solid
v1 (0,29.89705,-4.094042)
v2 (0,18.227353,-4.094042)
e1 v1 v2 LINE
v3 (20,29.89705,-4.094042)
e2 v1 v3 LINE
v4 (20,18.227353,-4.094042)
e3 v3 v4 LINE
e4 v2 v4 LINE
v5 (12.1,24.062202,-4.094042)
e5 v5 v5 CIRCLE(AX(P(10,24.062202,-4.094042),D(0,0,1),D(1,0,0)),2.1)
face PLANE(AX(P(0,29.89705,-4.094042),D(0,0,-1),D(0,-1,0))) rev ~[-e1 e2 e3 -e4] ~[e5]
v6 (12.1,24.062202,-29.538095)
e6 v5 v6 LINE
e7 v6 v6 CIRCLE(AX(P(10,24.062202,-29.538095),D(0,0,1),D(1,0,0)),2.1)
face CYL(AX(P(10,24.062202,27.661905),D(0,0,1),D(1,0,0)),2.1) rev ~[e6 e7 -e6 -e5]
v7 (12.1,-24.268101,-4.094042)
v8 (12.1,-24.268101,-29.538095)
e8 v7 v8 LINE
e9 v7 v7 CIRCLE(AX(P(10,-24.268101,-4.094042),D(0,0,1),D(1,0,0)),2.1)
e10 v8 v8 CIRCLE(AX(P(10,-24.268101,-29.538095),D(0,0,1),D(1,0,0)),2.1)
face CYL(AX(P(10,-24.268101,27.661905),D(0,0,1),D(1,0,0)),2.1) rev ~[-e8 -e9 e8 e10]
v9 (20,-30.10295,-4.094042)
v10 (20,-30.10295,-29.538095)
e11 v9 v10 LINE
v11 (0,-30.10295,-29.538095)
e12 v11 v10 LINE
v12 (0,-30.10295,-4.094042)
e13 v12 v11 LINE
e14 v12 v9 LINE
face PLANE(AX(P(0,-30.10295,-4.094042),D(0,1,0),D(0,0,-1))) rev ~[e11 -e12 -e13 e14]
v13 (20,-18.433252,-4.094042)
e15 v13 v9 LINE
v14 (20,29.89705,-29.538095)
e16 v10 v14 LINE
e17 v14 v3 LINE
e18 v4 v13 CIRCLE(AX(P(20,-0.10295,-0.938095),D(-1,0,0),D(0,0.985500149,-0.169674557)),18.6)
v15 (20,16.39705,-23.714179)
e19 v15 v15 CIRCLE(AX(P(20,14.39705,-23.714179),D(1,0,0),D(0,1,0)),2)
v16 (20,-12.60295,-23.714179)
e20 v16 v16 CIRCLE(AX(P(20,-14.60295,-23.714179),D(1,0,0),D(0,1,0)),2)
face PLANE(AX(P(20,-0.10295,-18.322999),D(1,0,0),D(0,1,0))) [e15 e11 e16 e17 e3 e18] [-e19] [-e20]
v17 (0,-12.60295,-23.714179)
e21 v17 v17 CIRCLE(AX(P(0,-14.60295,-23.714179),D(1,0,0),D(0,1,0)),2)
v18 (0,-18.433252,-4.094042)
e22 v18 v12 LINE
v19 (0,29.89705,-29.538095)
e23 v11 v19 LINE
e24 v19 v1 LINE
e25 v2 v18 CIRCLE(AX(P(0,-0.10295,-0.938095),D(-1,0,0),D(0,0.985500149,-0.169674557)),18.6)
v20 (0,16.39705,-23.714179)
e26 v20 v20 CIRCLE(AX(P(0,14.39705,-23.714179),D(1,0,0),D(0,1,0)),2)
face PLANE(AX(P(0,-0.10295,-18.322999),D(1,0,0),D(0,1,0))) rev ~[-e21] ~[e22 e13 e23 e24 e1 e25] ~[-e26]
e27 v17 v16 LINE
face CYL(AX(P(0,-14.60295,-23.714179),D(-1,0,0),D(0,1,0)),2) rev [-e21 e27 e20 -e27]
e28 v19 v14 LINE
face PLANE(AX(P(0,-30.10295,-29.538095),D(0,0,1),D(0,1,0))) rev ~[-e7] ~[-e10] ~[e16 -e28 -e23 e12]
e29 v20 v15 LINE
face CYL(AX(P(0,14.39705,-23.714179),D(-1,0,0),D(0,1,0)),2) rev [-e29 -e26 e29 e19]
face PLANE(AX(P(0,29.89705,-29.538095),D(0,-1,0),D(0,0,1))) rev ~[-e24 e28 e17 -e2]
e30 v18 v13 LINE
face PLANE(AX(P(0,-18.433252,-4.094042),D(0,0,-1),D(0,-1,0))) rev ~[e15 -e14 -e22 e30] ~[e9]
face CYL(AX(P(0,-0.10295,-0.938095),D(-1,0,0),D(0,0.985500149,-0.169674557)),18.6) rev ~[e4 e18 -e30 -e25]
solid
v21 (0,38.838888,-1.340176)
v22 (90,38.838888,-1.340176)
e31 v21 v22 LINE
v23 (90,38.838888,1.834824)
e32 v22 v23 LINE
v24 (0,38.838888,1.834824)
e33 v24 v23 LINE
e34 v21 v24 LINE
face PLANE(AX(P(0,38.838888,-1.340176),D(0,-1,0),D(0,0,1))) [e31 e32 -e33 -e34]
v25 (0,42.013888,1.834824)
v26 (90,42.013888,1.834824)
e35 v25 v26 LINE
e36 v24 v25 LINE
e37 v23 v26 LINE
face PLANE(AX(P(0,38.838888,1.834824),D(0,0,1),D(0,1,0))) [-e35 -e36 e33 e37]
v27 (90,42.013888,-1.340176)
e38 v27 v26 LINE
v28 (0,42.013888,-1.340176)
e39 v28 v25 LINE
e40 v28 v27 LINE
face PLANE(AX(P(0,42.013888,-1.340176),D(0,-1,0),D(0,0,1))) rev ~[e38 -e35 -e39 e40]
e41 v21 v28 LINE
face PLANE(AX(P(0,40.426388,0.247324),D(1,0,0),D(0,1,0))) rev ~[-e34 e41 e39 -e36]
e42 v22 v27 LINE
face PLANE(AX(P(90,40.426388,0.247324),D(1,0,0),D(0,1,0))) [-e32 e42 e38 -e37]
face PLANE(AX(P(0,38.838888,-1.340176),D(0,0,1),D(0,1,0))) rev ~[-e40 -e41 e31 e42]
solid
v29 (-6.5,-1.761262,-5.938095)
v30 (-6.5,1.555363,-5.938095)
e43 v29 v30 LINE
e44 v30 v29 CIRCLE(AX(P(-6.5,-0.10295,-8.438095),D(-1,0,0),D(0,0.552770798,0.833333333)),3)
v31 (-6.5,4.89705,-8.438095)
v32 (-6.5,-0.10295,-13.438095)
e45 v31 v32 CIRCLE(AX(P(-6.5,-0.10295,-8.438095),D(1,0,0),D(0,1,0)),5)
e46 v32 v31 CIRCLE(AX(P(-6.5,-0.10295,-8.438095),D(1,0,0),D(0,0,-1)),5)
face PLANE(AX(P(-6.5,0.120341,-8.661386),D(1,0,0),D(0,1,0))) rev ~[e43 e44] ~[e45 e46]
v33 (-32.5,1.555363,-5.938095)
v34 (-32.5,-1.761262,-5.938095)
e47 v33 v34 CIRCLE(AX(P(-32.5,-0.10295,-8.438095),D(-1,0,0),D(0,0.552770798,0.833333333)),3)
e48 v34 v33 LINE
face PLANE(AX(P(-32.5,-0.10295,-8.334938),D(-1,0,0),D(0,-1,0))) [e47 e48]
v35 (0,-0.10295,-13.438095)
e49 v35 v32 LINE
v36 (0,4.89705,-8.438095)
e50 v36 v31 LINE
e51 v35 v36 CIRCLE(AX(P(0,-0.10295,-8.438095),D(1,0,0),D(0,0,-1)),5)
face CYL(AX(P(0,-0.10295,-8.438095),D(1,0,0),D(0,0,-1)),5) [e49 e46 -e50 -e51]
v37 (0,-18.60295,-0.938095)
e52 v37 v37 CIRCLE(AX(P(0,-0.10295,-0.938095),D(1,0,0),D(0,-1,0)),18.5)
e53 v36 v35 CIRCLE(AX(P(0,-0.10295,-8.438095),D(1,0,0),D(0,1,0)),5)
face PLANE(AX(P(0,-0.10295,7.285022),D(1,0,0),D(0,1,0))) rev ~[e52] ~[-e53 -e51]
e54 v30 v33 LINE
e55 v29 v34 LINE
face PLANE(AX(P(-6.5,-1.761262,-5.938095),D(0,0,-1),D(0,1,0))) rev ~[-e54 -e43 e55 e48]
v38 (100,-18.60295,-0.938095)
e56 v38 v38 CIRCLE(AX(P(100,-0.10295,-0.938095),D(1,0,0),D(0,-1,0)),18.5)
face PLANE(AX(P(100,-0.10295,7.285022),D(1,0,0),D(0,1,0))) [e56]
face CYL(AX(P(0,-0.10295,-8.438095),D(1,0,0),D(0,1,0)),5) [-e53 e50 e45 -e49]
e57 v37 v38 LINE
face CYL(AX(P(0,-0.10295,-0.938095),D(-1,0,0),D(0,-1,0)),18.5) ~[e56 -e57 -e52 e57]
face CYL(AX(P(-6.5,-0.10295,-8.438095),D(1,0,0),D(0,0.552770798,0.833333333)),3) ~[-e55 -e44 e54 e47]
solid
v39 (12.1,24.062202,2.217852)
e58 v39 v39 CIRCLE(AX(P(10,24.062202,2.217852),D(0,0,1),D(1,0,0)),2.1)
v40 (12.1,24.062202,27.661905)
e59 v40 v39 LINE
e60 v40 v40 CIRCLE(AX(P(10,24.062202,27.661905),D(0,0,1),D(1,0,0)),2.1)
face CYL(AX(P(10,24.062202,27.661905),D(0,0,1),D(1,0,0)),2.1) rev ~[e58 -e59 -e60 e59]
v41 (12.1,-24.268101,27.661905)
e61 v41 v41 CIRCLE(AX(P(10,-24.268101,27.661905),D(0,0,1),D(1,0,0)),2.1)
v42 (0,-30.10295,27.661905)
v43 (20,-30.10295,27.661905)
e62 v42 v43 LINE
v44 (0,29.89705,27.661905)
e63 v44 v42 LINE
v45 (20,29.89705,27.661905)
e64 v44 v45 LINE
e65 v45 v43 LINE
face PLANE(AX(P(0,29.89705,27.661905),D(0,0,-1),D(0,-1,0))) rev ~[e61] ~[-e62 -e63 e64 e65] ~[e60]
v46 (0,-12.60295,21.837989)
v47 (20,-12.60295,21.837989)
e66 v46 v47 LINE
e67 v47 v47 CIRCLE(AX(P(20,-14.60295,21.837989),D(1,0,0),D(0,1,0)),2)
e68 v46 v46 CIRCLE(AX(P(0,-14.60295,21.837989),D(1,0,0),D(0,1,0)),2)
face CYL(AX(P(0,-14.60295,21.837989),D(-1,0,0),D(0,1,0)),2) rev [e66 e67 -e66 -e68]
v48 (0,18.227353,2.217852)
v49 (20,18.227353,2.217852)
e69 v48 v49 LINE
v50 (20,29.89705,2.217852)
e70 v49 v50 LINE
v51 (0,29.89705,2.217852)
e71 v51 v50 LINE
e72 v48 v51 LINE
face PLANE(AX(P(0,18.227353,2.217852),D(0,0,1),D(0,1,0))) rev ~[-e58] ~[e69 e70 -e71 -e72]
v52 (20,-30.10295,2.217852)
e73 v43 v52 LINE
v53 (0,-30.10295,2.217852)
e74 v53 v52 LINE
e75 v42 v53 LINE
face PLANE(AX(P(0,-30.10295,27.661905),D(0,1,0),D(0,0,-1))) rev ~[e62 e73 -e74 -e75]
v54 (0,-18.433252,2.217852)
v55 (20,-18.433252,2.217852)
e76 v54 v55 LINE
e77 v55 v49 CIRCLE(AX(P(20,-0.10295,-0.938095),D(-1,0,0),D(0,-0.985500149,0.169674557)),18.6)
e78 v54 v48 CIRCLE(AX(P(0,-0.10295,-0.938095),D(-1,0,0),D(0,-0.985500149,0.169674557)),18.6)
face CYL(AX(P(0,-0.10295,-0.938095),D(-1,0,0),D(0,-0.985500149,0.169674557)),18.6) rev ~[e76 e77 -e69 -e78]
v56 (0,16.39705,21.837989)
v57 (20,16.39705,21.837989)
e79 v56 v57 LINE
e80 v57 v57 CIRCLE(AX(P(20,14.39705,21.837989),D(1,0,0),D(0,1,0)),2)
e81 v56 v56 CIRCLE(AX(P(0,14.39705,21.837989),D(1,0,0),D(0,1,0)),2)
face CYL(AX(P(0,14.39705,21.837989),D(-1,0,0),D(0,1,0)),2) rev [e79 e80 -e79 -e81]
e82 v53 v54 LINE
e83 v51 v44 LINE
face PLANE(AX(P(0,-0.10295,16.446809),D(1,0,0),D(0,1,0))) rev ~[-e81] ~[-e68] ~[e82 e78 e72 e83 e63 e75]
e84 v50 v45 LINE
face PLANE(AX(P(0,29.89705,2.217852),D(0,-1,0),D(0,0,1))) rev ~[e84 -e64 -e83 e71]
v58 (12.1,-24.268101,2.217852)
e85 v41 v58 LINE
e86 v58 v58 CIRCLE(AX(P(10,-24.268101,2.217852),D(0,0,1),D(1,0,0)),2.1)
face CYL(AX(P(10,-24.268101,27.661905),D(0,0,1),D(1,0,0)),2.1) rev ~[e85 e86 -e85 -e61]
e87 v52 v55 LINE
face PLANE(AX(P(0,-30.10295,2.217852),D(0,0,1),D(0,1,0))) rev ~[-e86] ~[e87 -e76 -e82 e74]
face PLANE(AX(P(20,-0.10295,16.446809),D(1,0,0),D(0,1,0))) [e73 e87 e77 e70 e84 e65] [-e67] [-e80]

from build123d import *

# Parameters (mm, degrees)
F1_DEPTH  = 20
F2_R      = 2.1
F3_DEPTH  = 57.2
F4_W      = 3.175
F4_H      = 3.175
F5_DEPTH  = 90
F6_DEPTH  = 100
F7_DEPTH  = 6.5
F8_R      = 2
F9_DEPTH  = 20
F11_DEPTH = 26


with BuildPart() as f1:
    # F0 (on Right) → F1 (new body)
    with BuildSketch(Plane.YZ):
        with BuildLine():
            Line((29.8970502992, 27.6619047619), (-30.1029497008, 27.6619047619))
            Line((-30.1029497008, 27.6619047619), (-30.1029497008, 2.2178515295))
            Line((-30.1029497008, 2.2178515295), (-18.4332524806, 2.2178515295))
            ThreePointArc((-18.4332524806, 2.2178515295), (-0.1029497008, 17.6619047619), (18.227353079, 2.2178515295))
            Line((18.227353079, 2.2178515295), (29.8970502992, 2.2178515295))
            Line((29.8970502992, 2.2178515295), (29.8970502992, 27.6619047619))
        make_face()
    extrude(amount=F1_DEPTH)


with BuildPart() as f1b:
    # F0 (on Right) → F1, piece 2 (new body)
    with BuildSketch(Plane.YZ):
        with BuildLine():
            Line((-30.1029497008, -29.5380952381), (29.8970502992, -29.5380952381))
            Line((29.8970502992, -29.5380952381), (29.8970502992, -4.0940420057))
            Line((29.8970502992, -4.0940420057), (18.227353079, -4.0940420057))
            ThreePointArc((18.227353079, -4.0940420057), (-0.1029497008, -19.5380952381), (-18.4332524806, -4.0940420057))
            Line((-18.4332524806, -4.0940420057), (-30.1029497008, -4.0940420057))
            Line((-30.1029497008, -4.0940420057), (-30.1029497008, -29.5380952381))
        make_face()
    extrude(amount=F1_DEPTH)


with BuildPart() as f3_tool:
    # F2 (on face) → F3 (new body, through all)
    with BuildSketch(Plane.XY.offset(27.6619047619)):
        with Locations((10, -24.2681010907)):
            Circle(F2_R)
        with Locations((10, 24.0622016891)):
            Circle(F2_R)
    extrude(amount=-F3_DEPTH)


with BuildPart() as f1_1:
    add(f1.part)

    # F3: cut by f3_tool
    add(f3_tool.part, mode=Mode.SUBTRACT)


with BuildPart() as f1b_1:
    add(f1b.part)

    # F3: cut by f3_tool
    add(f3_tool.part, mode=Mode.SUBTRACT)


with BuildPart() as f5:
    # F4 (on Right) → F5 (new body)
    with BuildSketch(Plane.YZ):
        with Locations((40.4263884993, 0.2473239583)):
            Rectangle(F4_W, F4_H)
    extrude(amount=F5_DEPTH)


with BuildPart() as f6:
    # F0 (on Right) → F6 (new body)
    with BuildSketch(Plane.YZ):
        with BuildLine():
            Line((12.3970502992, -0.9380952381), (18.3970502992, -0.9380952381))
            ThreePointArc((18.3970502992, -0.9380952381), (-0.1029497008, 17.5619047619), (-18.6029497008, -0.9380952381))
            Line((-18.6029497008, -0.9380952381), (-12.6029497008, -0.9380952381))
            ThreePointArc((-12.6029497008, -0.9380952381), (-0.1029497008, 11.5619047619), (12.3970502992, -0.9380952381))
        make_face()
        with BuildLine():
            ThreePointArc((-0.1029497008, -13.4380952381), (8.735885064, -9.7769300029), (12.3970502992, -0.9380952381))
            Line((12.3970502992, -0.9380952381), (-12.6029497008, -0.9380952381))
            ThreePointArc((-12.6029497008, -0.9380952381), (-8.9417844656, -9.7769300029), (-0.1029497008, -13.4380952381))
        make_face()
        with BuildLine():
            ThreePointArc((4.8970502992, -8.4380952381), (3.4325842051, -11.973629144), (-0.1029497008, -13.4380952381))
            ThreePointArc((-0.1029497008, -13.4380952381), (-3.6384836067, -4.9025613322), (4.8970502992, -8.4380952381))
        make_face(mode=Mode.SUBTRACT)
        with BuildLine():
            ThreePointArc((-18.6029497008, -0.9380952381), (-0.1029497008, -19.4380952381), (18.3970502992, -0.9380952381))
            Line((18.3970502992, -0.9380952381), (12.3970502992, -0.9380952381))
            ThreePointArc((12.3970502992, -0.9380952381), (8.735885064, -9.7769300029), (-0.1029497008, -13.4380952381))
            ThreePointArc((-0.1029497008, -13.4380952381), (-8.9417844656, -9.7769300029), (-12.6029497008, -0.9380952381))
            Line((-12.6029497008, -0.9380952381), (-18.6029497008, -0.9380952381))
        make_face()
        with BuildLine():
            Line((-12.6029497008, -0.9380952381), (12.3970502992, -0.9380952381))
            ThreePointArc((12.3970502992, -0.9380952381), (-0.1029497008, 11.5619047619), (-12.6029497008, -0.9380952381))
        make_face()
        with BuildLine():
            ThreePointArc((4.8970502992, -8.4380952381), (-3.6384836067, -4.9025613322), (-0.1029497008, -13.4380952381))
            ThreePointArc((-0.1029497008, -13.4380952381), (3.4325842051, -11.973629144), (4.8970502992, -8.4380952381))
        make_face()
    extrude(amount=F6_DEPTH)

    # F0 (on Right) → F7 (join)
    with BuildSketch(Plane.YZ):
        with BuildLine():
            ThreePointArc((4.8970502992, -8.4380952381), (-3.6384836067, -4.9025613322), (-0.1029497008, -13.4380952381))
            ThreePointArc((-0.1029497008, -13.4380952381), (3.4325842051, -11.973629144), (4.8970502992, -8.4380952381))
        make_face()
    extrude(amount=-F7_DEPTH)

    # F10 (on face) → F11 (join)
    with BuildSketch(Plane(origin=(-6.5, 0, 0), x_dir=(0, -1, 0), z_dir=(-1, 0, 0))):
        with BuildLine():
            Line((0.1029497008, -5.9380952381), (-1.5553626944, -5.9380952381))
            ThreePointArc((-1.5553626944, -5.9380952381), (0.1029497008, -11.4380952381), (1.761262096, -5.9380952381))
            Line((1.761262096, -5.9380952381), (0.1029497008, -5.9380952381))
        make_face()
    extrude(amount=F11_DEPTH)


with BuildPart() as f9_tool:
    # F8 (on Right) → F9 (new body, through all)
    with BuildSketch(Plane.YZ):
        with Locations((14.3970502992, -23.714179186)):
            Circle(F8_R)
        with Locations((-14.6029497008, -23.714179186)):
            Circle(F8_R)
        with Locations((14.3970502992, 21.8379887098)):
            Circle(F8_R)
        with Locations((-14.6029497008, 21.8379887098)):
            Circle(F8_R)
    extrude(amount=F9_DEPTH)


with BuildPart() as f1_2:
    add(f1_1.part)

    # F9: cut by f9_tool
    add(f9_tool.part, mode=Mode.SUBTRACT)


with BuildPart() as f1b_2:
    add(f1b_1.part)

    # F9: cut by f9_tool
    add(f9_tool.part, mode=Mode.SUBTRACT)


solid = Compound([f5.part, f6.part, f1_2.part, f1b_2.part])
